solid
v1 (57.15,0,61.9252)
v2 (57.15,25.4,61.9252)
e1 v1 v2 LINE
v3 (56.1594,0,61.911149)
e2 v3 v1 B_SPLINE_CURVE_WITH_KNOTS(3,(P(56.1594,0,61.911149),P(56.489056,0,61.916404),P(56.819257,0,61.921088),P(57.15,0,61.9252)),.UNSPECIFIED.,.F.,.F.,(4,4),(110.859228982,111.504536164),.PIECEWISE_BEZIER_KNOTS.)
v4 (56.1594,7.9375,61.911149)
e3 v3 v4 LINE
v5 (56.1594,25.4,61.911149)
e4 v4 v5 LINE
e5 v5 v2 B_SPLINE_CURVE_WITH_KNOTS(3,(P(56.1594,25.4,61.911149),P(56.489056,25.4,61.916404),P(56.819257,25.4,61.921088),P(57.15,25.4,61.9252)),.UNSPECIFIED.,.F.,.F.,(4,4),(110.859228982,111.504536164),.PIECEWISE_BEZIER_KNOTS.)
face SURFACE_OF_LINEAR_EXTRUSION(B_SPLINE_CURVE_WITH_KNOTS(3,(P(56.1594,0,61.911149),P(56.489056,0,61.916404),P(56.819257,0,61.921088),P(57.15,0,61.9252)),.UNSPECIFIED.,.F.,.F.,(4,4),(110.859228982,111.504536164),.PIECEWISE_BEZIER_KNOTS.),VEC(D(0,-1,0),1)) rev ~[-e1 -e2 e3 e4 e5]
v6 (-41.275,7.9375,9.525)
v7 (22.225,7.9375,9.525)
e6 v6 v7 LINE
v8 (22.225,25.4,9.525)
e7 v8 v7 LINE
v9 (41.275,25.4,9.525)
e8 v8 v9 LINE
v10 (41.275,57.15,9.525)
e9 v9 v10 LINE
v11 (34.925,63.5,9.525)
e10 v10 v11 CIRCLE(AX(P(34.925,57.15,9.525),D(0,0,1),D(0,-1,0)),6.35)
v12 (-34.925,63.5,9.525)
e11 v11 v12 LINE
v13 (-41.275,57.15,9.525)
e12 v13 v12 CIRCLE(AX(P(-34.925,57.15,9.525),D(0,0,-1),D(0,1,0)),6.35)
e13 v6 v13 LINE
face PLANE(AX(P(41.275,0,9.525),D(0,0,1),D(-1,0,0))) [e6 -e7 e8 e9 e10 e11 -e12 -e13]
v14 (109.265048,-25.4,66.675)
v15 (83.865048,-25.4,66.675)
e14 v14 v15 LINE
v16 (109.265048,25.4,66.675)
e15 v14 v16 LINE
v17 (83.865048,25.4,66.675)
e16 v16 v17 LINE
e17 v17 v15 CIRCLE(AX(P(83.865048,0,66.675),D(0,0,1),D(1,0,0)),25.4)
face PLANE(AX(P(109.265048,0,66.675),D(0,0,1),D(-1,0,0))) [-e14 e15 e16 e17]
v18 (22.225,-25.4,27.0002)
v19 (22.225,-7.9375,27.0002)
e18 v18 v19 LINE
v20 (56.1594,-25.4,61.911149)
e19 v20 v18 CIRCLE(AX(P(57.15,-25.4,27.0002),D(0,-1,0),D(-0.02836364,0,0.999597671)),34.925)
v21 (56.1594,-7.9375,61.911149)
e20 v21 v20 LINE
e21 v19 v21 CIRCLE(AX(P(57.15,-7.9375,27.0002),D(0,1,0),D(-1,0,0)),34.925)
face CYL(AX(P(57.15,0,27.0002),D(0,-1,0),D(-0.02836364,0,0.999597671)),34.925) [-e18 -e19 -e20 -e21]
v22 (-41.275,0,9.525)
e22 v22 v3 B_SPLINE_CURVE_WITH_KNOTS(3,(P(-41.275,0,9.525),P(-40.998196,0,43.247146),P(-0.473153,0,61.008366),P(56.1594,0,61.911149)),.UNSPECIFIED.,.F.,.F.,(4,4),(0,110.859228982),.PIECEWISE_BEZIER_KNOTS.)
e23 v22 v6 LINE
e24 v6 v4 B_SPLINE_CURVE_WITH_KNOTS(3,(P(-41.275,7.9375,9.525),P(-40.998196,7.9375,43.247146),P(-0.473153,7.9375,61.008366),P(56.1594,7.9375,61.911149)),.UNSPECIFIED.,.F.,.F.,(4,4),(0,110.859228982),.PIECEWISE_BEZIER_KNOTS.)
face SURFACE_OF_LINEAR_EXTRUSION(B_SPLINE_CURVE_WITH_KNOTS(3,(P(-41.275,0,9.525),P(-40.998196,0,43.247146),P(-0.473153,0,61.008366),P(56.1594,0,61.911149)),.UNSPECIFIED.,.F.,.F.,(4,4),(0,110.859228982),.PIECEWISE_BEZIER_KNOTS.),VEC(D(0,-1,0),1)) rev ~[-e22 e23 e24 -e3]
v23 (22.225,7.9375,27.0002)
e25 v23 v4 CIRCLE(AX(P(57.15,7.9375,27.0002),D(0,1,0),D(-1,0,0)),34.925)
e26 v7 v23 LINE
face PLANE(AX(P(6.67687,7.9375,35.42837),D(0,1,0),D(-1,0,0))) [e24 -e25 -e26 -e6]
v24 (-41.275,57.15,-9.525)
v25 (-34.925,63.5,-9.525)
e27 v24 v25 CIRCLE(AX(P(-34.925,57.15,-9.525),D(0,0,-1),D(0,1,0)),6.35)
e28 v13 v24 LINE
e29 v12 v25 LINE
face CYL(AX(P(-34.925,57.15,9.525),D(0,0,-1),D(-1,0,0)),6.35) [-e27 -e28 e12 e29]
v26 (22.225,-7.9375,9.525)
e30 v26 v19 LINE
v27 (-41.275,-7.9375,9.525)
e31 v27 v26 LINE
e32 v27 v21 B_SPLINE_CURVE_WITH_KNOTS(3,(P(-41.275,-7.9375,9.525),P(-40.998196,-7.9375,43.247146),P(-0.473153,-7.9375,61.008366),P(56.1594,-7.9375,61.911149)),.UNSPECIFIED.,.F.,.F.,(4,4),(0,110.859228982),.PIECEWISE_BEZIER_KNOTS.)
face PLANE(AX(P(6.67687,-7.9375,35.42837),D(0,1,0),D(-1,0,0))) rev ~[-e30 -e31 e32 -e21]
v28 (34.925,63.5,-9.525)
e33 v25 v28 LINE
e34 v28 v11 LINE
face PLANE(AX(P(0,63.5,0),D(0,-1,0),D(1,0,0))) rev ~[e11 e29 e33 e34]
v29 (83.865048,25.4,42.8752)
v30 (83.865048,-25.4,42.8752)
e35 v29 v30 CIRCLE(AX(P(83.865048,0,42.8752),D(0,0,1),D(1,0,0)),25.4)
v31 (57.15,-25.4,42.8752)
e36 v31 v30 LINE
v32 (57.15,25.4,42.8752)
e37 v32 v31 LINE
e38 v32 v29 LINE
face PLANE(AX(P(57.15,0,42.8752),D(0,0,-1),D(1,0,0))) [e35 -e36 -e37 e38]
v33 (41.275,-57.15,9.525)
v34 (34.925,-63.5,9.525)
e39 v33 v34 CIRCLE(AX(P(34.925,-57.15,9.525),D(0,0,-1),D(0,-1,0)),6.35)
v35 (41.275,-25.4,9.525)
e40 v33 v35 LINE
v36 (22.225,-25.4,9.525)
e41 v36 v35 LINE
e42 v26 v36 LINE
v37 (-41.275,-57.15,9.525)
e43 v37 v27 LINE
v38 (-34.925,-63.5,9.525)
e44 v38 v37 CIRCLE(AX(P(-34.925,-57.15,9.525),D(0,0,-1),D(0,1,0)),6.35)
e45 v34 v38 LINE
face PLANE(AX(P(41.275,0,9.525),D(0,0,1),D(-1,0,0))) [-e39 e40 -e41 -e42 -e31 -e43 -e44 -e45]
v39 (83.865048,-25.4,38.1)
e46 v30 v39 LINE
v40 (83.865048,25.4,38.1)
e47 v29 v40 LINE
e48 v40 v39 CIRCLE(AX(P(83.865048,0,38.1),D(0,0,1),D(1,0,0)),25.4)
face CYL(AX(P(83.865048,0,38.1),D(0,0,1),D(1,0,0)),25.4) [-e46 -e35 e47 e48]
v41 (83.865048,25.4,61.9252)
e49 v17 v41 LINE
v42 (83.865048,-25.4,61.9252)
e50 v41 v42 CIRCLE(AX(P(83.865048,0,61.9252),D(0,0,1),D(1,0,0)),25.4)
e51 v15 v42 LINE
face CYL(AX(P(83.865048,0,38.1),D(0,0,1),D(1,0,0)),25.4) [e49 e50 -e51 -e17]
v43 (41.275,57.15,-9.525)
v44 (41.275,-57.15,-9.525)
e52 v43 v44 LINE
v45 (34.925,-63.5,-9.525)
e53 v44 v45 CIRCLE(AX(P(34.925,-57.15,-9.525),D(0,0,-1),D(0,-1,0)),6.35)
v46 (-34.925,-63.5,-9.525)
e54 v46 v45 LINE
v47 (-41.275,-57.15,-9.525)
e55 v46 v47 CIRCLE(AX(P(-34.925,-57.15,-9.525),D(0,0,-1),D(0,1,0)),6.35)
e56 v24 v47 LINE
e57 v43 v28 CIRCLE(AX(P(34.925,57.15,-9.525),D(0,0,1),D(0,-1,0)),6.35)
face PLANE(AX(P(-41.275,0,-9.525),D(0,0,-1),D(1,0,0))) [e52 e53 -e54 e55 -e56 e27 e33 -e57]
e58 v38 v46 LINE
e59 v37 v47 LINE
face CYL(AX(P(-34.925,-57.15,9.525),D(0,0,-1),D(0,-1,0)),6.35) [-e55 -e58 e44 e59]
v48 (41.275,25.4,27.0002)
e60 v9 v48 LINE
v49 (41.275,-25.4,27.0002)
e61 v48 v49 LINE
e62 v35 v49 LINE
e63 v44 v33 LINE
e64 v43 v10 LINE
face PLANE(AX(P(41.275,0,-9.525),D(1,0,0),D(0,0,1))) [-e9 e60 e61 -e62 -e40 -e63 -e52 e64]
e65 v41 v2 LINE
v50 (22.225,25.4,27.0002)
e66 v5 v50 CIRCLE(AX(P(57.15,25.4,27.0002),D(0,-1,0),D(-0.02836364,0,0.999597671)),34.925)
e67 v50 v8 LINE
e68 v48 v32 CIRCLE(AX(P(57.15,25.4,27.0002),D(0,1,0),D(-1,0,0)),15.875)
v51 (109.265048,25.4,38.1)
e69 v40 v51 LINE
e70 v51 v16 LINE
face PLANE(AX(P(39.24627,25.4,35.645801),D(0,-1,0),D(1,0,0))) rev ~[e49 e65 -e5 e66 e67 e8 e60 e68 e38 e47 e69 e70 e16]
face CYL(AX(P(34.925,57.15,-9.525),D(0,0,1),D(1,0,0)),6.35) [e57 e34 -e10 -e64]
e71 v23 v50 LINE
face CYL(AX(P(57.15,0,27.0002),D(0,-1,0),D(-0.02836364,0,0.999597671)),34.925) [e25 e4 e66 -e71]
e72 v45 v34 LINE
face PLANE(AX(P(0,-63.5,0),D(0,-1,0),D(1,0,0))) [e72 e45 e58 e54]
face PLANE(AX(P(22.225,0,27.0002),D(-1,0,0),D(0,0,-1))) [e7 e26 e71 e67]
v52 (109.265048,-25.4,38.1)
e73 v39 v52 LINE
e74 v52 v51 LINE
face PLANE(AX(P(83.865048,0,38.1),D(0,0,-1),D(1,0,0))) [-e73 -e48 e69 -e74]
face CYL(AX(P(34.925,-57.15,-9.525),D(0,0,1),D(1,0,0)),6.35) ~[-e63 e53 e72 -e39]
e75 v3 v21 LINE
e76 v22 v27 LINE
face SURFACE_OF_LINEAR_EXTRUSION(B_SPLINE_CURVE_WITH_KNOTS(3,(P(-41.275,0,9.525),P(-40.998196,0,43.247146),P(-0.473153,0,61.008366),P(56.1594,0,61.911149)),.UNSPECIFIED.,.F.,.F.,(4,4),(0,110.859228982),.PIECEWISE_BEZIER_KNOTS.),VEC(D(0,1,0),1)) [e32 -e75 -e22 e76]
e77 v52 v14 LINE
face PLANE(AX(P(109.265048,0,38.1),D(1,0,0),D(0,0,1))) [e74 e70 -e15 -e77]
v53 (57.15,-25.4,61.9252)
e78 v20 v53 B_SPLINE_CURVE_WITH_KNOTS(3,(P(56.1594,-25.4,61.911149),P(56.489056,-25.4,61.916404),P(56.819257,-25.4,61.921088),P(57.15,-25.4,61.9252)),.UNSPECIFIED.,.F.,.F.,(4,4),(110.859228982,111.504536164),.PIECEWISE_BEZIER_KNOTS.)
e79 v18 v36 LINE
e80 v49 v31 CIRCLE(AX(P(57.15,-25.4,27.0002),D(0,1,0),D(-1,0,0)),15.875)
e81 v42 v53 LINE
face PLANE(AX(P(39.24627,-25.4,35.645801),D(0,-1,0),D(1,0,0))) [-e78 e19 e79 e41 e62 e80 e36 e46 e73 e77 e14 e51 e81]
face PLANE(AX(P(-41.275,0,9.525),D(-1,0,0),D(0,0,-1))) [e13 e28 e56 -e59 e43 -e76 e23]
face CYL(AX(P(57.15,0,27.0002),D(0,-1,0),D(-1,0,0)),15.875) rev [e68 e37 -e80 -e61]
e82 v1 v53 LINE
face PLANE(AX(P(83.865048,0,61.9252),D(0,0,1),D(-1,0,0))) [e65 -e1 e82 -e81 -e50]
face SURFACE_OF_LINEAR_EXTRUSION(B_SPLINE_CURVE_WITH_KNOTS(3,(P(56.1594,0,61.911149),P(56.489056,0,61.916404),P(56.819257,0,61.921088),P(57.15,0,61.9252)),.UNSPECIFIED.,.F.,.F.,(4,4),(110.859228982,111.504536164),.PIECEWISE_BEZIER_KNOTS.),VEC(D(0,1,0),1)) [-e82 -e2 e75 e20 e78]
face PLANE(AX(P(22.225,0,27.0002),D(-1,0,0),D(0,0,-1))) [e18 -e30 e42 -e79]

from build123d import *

# Parameters (mm, degrees)
F1_DEPTH = 63.5
F0_W     = 25.4
F0_H     = 19.05
F2_DEPTH = 25.4
F3_DEPTH = 7.9375
F5_R     = 6.35


with BuildPart() as f1:
    # F0 (on Front) → F1 (new body, symmetric)
    with BuildSketch(Plane.XZ):
        Polygon((22.225, 9.525), (-41.275, 9.525), (-41.275, -9.525), (41.275, -9.525), (41.275, 9.525), align=None)
    extrude(amount=F1_DEPTH, both=True)

    # F0 (on Front) → F2 (join, symmetric)
    with BuildSketch(Plane.XZ):
        with BuildLine():
            Line((22.225, 27.0002), (22.225, 9.525))
            Line((22.225, 9.525), (41.275, 9.525))
            Line((41.275, 9.525), (41.275, 27.0002))
            ThreePointArc((41.275, 27.0002), (45.9246798487, 38.2255201513), (57.15, 42.8752))
            Line((57.15, 42.8752), (58.465048489, 42.8752))
            Line((58.465048489, 42.8752), (58.465048489, 61.9252))
            Line((58.465048489, 61.9252), (57.15, 61.9252))
            add(Edge.make_bspline(
                [(56.1593998767, 61.9111486608), (56.4890557248, 61.9164037237), (56.8192573531, 61.9210875625), (57.15, 61.9252)],
                knots=[110.8592289818, 110.8592289818, 110.8592289818, 110.8592289818, 111.5045361635, 111.5045361635, 111.5045361635, 111.5045361635], degree=3))
            ThreePointArc((56.1593998767, 61.9111486608), (32.1065144768, 51.3431549941), (22.225, 27.0002))
        make_face()
        with Locations((71.165048489, 52.4002)):
            Rectangle(F0_W, F0_H)
        Polygon((83.865048489, 66.675), (83.865048489, 61.9252), (83.865048489, 42.8752), (83.865048489, 38.1), (109.265048489, 38.1), (109.265048489, 66.675), align=None)
    extrude(amount=F2_DEPTH, both=True)

    # F0 (on Front) → F3 (join, symmetric)
    with BuildSketch(Plane.XZ):
        with BuildLine():
            add(Edge.make_bspline(
                [(-41.275, 9.525), (-40.9981963046, 43.2471461139), (-0.4731530978, 61.0083658582), (56.1593998767, 61.9111486608)],
                knots=[0, 0, 0, 0, 110.8592289818, 110.8592289818, 110.8592289818, 110.8592289818], degree=3))
            Line((-41.275, 9.525), (22.225, 9.525))
            Line((22.225, 9.525), (22.225, 27.0002))
            ThreePointArc((22.225, 27.0002), (32.1065144768, 51.3431549941), (56.1593998767, 61.9111486608))
        make_face()
    extrude(amount=F3_DEPTH, both=True)

    # F0 (on Front) → F4 (revolve)
    with BuildSketch(Plane.XZ):
        Polygon((83.865048489, 66.675), (83.865048489, 61.9252), (83.865048489, 42.8752), (83.865048489, 38.1), (109.265048489, 38.1), (109.265048489, 66.675), align=None)
    revolve(axis=Axis((83.865048489, 0, 52.3875), (0, 0, 1)))

    # F5
    f5_edges = [f1.edges().sort_by_distance(p)[0] for p in [
        (-41.275, 63.5, 0),
        (-41.275, -63.5, 0),
        (41.275, -63.5, 0),
        (41.275, 63.5, 0),
    ]]
    fillet(f5_edges, radius=F5_R)


solid = f1.part
